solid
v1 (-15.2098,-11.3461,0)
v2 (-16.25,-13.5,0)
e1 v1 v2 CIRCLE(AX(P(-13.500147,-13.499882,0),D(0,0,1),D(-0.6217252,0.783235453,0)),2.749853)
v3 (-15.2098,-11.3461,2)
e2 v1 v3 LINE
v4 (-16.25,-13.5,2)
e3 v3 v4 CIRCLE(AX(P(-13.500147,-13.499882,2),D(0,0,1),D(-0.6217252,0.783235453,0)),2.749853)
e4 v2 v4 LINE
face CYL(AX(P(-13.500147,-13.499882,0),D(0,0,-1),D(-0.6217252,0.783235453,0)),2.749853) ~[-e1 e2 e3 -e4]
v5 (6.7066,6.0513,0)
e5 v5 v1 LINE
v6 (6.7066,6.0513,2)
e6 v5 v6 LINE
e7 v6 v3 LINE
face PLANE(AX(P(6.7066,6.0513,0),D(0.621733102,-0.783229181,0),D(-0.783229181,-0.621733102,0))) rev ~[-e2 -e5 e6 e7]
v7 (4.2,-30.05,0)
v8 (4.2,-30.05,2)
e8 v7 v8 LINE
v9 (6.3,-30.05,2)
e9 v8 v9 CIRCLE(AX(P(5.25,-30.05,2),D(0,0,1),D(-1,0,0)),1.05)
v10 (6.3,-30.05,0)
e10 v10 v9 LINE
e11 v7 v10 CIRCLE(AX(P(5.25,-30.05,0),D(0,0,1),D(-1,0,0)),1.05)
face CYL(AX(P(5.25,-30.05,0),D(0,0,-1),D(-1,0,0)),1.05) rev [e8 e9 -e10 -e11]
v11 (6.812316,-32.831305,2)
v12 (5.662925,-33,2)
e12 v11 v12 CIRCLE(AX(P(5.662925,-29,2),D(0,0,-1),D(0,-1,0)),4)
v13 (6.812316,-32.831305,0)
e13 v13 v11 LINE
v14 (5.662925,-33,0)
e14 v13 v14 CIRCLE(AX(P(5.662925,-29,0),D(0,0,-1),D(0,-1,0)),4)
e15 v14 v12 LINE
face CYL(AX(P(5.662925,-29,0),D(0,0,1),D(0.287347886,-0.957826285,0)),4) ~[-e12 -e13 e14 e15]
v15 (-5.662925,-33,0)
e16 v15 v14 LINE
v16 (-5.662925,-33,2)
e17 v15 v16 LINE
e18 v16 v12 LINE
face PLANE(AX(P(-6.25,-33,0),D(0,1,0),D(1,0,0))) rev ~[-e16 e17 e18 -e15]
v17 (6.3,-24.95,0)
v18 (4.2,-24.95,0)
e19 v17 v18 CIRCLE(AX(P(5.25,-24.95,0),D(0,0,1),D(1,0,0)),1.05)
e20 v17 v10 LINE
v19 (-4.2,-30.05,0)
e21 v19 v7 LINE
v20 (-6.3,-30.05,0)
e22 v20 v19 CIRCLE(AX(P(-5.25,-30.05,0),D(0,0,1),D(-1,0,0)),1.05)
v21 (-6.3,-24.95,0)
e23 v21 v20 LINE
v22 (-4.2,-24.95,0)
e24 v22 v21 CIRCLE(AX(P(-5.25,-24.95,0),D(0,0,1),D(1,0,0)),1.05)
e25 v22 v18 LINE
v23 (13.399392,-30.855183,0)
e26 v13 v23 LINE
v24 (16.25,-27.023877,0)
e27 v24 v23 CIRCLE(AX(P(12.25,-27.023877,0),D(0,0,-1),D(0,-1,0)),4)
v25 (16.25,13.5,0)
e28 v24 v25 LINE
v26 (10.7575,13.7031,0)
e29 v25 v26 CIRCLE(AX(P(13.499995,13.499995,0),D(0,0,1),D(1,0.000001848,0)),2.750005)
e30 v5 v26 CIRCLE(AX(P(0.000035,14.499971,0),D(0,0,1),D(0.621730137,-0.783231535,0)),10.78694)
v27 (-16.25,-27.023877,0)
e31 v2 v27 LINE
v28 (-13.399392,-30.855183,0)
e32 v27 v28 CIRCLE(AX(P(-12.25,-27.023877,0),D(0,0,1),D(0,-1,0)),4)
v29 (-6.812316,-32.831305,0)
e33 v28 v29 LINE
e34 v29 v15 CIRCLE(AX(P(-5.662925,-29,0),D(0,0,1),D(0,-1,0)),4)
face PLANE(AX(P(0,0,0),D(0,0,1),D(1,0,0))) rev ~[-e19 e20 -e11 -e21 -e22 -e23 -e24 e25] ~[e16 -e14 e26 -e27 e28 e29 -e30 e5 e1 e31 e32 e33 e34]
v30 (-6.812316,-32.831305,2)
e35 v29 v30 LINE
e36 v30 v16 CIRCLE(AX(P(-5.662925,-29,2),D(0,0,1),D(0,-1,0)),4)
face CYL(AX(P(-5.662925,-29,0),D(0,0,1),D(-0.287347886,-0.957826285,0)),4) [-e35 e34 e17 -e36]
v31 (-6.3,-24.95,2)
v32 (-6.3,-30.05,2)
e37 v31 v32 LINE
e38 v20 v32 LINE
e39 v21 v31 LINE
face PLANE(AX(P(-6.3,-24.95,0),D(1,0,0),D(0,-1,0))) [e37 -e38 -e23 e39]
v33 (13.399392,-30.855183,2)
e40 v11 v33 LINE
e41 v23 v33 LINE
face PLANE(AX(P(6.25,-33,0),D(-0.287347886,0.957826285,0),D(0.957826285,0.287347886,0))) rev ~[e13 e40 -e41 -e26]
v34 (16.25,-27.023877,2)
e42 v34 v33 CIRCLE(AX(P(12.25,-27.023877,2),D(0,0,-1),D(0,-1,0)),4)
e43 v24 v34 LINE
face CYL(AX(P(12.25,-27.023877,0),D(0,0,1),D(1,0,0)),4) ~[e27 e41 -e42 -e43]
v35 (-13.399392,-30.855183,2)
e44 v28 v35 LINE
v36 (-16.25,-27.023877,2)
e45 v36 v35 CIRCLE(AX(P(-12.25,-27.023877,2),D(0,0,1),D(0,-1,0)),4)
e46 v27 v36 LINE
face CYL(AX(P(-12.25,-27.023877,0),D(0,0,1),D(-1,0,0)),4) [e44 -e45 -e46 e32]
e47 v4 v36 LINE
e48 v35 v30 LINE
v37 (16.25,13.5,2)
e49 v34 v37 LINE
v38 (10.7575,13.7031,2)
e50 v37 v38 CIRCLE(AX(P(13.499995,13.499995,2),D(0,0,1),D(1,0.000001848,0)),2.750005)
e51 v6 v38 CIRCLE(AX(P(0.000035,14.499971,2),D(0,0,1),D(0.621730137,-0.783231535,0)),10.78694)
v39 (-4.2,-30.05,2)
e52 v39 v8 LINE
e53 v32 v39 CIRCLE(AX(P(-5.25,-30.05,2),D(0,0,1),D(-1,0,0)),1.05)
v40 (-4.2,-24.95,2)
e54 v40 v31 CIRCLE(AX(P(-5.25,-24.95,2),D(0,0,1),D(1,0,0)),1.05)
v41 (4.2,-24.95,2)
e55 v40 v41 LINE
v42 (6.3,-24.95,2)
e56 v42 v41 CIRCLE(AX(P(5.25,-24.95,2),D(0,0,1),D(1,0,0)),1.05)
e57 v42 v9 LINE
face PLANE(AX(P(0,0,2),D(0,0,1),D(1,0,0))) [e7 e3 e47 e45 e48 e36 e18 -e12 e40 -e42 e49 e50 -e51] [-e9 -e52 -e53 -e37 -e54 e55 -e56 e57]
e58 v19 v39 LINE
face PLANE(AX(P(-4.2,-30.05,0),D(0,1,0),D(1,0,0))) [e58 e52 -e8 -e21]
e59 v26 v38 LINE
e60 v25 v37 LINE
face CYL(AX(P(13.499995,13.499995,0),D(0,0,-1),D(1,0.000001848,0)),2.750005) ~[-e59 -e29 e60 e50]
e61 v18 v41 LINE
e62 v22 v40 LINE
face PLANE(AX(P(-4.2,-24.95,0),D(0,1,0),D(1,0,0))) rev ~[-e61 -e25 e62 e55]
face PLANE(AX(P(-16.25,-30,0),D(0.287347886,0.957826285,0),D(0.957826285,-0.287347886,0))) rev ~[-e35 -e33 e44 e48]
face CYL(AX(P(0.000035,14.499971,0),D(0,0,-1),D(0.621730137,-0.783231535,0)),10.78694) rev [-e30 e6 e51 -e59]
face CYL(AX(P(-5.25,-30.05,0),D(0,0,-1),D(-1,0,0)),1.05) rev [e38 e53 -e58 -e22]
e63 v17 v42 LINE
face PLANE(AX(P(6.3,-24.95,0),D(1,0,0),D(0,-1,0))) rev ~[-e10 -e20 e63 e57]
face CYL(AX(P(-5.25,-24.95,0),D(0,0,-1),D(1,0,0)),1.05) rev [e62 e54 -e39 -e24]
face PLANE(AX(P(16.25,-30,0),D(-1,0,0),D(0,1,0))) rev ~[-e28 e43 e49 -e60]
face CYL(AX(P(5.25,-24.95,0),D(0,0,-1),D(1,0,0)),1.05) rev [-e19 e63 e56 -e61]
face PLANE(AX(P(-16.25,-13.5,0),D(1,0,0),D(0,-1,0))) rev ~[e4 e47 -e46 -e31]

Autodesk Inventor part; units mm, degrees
ref_plane "YZ Plane" through (0, 0, 0) normal (1, 0, 0) x (0, 1, 0)
ref_plane "XZ Plane" through (0, 0, 0) normal (0, 1, 0) x (-1, 0, 0)
ref_plane "XY Plane" through (0, 0, 0) normal (0, 0, 1) x (1, 0, 0)
sketch "スケッチ1" plane through (0, 0, 0) normal (0, 0, 1) x (1, 0, 0)
  line L0 (-13.5, 13.5) -> (13.5, 13.5) construction
  line L1 (13.5, 13.5) -> (13.5, -13.5) construction
  line L2 (13.5, -13.5) -> (-13.5, -13.5) construction
  line L3 (-13.5, -13.5) -> (-13.5, 13.5) construction
  circle A0 centre (-13.5, 13.5) radius 1.35
  circle A1 centre (13.5, 13.5) radius 1.35
  circle A2 centre (-13.5, -13.5) radius 1.35
  circle A3 centre (13.5, -13.5) radius 1.35
  circle A4 centre (0, 14.5) radius 10.5 construction
  line L4 (-6.25, -25) -> (6.25, -25) construction
  line L5 (6.25, -25) -> (6.25, -30) construction
  line L6 (6.25, -30) -> (-6.25, -30) construction
  line L7 (-6.25, -30) -> (-6.25, -25) construction
  line L8 (-16.25, -25) -> (16.25, -25) construction
  line L9 (16.25, -25) -> (16.25, -30) construction
  line L10 (16.25, -30) -> (-16.25, -30) construction
  line L11 (-16.25, -30) -> (-16.25, -25) construction
  line L12 (-6.3, -24.95) -> (6.3, -24.95) construction
  line L13 (6.3, -24.95) -> (6.3, -30.05) construction
  line L14 (6.3, -30.05) -> (-6.3, -30.05) construction
  line L15 (-6.3, -30.05) -> (-6.3, -24.95) construction
  circle A5 centre (-5.25, -24.95) radius 1.05 construction
  circle A6 centre (-11.25, -27.5) radius 1.55
  circle A7 centre (11.25, -27.5) radius 1.55
  line L16 (0, 0) -> (0, -13.5) construction
  line L17 (-6.3, -24.95) -> (-6.3, -30.05)
  line L18 (6.3, -27.5) -> (-6.3, -27.5) construction
  line L19 (0, -25) -> (0, -30.05) construction
  arc A8 (-4.2, -24.95) -> (-6.3, -24.95) centre (-5.25, -24.95) ccw
  arc A9 (-6.3, -30.05) -> (-4.2, -30.05) centre (-5.25, -30.05) ccw
  line L20 (-4.2, -24.95) -> (4.2, -24.95)
  line L21 (-4.2, -30.05) -> (4.2, -30.05)
  arc A10 (6.3, -24.95) -> (4.2, -24.95) centre (5.25, -24.95) ccw
  arc A11 (4.2, -30.05) -> (6.3, -30.05) centre (5.25, -30.05) ccw
  line L22 (6.3, -24.95) -> (6.3, -30.05)
  circle A12 centre (-13.5, -13.5) radius 2.75 construction
  circle A13 centre (13.5, 13.5) radius 2.75 construction
  line L23 (-16.25, -13.5) -> (-16.25, -30)
  line L24 (-16.25, -30) -> (-6.25, -33)
  line L25 (-6.25, -33) -> (6.25, -33)
  line L26 (6.25, -33) -> (16.25, -30)
  line L27 (16.25, -30) -> (16.25, 13.5)
  arc A14 (16.25, 13.5) -> (10.7575, 13.7031) centre (13.5, 13.5) ccw
  arc A15 (6.7066, 6.0513) -> (10.7575, 13.7031) centre (0, 14.5) ccw
  line L28 (6.7066, 6.0513) -> (-15.2098, -11.3461)
  arc A16 (-15.2098, -11.3461) -> (-16.25, -13.5) centre (-13.5, -13.5) ccw
  line L29 (-10.75, -14.1897) -> (-10.75, -22)
  line L30 (-10.75, -22) -> (10.75, -22)
  line L31 (10.75, -22) -> (10.75, 2.8772)
  line L32 (10.75, 2.8772) -> (-10.75, -14.1897)
  point P0 (0, 13.5)
  point P1 (13.5, 0)
  point P2 (-16.25, -27.5)
  dimension "d23" = 2.1
  dimension "d0" = 27
  dimension "d3" = 27
  dimension "d6" = 27
  dimension "d9" = 2.7
  dimension "d10" = 21
  dimension "d11" = 1
  dimension "d12" = 11.5
  dimension "d13" = 5
  dimension "d16" = 32.5
  dimension "d20" = 10
  dimension "d22" = 0.05
  dimension "d24" = 5
  dimension "d26" = 3.1
  dimension "d31" = 5.5
  dimension "d32" = 3
  dimension "d33" = 5
  dimension "d34" = 3
extrude "押し出し1" add sketch "スケッチ1" along normal blind 2 contours A16 L28 A15 A14 L27 L26 L25 L24 L23 | L32 L31 L30 L29
fillet "フィレット1" radius 4 4 edges at (16.25, -30, 1) (-16.25, -30, 1) (-6.25, -33, 1) (6.25, -33, 1)
sketch "スケッチ2" plane through (0, 0, 2) normal (0, 0, 1) x (1, 0, 0)
  circle A0 centre (-13.5, -13.5) radius 1.35 projected
  circle A1 centre (-13.5, -13.5) radius 1.35
  circle A2 centre (13.5, -13.5) radius 1.35 projected
  circle A3 centre (13.5, -13.5) radius 1.35
  circle A4 centre (11.25, -27.5) radius 1.55 projected
  circle A5 centre (11.25, -27.5) radius 1.55
  circle A6 centre (-11.25, -27.5) radius 1.55 projected
  circle A7 centre (-11.25, -27.5) radius 1.55
  circle A8 centre (13.5, 13.5) radius 1.35 projected
  circle A9 centre (13.5, 13.5) radius 1.35
  point P0 (0, 0)
extrude "押し出し2" add sketch "スケッチ2" against normal up to surface (2 mm away)
equation "\"d3\" = d0"
equation "\"d6\" = d0"
equation "\"d16\" = d0_1"
equation "\"d20\" = d3_1"
equation "\"d24\" = d17"
equation "\"d34\" = d32"
equation "\"d0_1\" = 32.5"
equation "\"d3_1\" = 10"
equation "\"d17\" = 5"
properties part number "上腕_サブフレーム_1_1" material "GFRP"
